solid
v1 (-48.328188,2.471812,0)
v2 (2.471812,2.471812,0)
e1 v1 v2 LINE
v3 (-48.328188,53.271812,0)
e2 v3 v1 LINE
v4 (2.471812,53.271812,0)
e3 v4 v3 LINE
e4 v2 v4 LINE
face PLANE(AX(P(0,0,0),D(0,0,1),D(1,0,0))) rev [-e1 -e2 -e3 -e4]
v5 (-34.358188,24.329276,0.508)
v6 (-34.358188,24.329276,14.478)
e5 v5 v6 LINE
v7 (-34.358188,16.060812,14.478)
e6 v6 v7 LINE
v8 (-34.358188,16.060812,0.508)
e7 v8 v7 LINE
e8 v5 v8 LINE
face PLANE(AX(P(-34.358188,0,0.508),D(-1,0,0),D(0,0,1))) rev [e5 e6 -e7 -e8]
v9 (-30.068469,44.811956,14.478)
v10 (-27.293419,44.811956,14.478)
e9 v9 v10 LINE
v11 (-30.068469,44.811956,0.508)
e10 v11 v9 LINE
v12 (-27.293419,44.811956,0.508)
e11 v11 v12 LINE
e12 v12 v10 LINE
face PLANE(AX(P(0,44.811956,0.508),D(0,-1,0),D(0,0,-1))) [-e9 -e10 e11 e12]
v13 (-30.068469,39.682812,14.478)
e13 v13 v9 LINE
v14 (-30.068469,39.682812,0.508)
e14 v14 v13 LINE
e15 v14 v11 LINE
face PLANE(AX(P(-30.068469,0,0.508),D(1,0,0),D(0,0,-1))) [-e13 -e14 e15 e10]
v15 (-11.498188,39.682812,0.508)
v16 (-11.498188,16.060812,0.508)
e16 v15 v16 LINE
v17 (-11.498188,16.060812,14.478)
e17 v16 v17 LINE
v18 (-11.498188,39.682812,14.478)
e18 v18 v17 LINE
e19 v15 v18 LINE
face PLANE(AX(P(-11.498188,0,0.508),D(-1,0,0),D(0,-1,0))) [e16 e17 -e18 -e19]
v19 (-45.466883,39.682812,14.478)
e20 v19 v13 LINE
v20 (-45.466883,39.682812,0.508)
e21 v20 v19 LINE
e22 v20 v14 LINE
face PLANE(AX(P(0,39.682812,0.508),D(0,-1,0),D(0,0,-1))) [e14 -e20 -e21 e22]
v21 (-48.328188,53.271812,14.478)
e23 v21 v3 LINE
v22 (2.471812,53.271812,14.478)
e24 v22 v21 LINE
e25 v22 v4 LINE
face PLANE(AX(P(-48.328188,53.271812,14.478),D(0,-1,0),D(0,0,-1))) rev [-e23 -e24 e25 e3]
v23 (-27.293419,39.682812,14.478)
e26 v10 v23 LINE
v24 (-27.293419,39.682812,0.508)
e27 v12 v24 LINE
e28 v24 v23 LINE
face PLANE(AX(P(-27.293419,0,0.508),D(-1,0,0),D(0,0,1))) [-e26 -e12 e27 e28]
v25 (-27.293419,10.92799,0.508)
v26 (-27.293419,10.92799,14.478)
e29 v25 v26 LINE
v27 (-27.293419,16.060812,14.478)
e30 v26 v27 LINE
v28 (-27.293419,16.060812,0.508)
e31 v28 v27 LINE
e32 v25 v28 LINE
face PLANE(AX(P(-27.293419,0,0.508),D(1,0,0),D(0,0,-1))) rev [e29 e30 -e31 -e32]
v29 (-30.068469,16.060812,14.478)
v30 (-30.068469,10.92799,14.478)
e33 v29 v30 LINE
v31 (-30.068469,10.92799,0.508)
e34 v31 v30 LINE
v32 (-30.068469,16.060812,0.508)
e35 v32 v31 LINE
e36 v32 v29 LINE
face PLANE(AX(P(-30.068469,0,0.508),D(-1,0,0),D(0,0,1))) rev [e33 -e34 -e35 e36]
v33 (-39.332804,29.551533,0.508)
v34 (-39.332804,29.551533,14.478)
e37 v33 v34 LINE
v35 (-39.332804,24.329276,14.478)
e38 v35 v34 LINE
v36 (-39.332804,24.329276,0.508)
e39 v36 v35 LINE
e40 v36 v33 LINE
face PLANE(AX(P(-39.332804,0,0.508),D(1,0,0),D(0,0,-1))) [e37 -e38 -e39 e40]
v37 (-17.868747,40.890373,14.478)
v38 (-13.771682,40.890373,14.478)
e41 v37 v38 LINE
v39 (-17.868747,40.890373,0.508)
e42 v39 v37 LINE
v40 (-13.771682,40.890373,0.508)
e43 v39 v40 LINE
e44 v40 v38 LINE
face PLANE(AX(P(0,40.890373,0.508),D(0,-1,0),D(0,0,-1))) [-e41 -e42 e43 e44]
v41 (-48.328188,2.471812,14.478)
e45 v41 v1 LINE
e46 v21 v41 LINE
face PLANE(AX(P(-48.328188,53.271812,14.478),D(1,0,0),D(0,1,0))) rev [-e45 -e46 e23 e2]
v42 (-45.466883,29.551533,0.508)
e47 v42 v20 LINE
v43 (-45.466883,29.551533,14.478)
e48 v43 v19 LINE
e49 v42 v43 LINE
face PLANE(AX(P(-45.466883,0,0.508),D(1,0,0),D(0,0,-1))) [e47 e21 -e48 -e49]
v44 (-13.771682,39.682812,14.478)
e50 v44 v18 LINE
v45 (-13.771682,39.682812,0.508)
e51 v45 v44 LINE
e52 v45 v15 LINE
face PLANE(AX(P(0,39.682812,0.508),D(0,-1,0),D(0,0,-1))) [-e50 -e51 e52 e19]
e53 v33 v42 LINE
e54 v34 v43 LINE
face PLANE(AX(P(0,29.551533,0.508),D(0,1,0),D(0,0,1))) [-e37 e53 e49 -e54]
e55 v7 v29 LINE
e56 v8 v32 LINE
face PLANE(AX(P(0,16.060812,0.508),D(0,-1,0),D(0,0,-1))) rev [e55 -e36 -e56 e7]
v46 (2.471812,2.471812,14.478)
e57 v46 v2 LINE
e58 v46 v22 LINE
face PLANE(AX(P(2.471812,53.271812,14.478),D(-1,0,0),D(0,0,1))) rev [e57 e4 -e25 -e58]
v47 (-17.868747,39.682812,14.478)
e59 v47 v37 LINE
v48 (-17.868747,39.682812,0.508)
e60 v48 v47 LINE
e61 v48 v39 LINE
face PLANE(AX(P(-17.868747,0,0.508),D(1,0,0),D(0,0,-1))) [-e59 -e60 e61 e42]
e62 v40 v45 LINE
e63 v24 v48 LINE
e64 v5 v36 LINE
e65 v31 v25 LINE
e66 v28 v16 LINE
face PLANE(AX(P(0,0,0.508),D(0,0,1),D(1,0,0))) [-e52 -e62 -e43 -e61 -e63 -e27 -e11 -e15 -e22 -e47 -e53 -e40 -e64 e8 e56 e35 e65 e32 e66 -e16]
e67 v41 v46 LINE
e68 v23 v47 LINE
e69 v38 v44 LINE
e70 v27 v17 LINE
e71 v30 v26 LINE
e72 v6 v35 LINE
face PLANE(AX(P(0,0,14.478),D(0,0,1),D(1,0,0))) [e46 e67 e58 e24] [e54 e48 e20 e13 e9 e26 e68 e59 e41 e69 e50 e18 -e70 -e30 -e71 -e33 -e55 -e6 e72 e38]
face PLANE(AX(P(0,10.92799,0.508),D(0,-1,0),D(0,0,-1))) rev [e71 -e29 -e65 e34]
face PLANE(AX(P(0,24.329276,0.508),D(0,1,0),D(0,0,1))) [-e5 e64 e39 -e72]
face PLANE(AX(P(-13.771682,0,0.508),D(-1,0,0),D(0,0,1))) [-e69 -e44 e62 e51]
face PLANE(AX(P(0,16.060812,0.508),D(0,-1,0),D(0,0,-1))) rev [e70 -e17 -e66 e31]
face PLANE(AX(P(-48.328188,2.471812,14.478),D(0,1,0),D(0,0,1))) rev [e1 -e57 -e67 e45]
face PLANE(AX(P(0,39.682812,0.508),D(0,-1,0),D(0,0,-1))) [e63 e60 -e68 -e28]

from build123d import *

# Parameters (mm, degrees)
SKETCH1_W           = 50.8
SKETCH1_H           = 50.8
BOSS_EXTRUDE1_DEPTH = 14.478
SKETCH3_W           = 6.134078845
SKETCH3_H           = 10.131279463
SKETCH3_W_2         = 4.974615739
SKETCH3_H_2         = 3.542535777
SKETCH3_W_3         = 2.775050154
SKETCH3_H_3         = 5.132822303
SKETCH3_H_4         = 5.129144124
SKETCH3_W_4         = 11.43
SKETCH3_H_5         = 11.811
SKETCH3_W_5         = 4.097064437
SKETCH3_H_6         = 1.20756089
CUT_EXTRUDE1_DEPTH  = 13.97


with BuildPart() as part:
    # Sketch1 → Boss-Extrude1 (new body)
    with BuildSketch(Plane.XY):
        with Locations((-22.928187919, 27.871812081)):
            Rectangle(SKETCH1_W, SKETCH1_H)
    extrude(amount=BOSS_EXTRUDE1_DEPTH)

    # Sketch3 → Cut-Extrude1 (cut)
    with BuildSketch(Plane.XY.offset(14.478)):
        with Locations((-42.399843081, 34.61717235)):
            Rectangle(SKETCH3_W, SKETCH3_H)
        Polygon((-39.332803658, 27.871812081), (-34.358187919, 27.871812081), (-34.358187919, 39.682812081), (-39.332803658, 39.682812081), (-39.332803658, 29.551532618), align=None)
        Polygon((-22.928187919, 27.871812081), (-22.928187919, 39.682812081), (-27.293419188, 39.682812081), (-30.068469342, 39.682812081), (-34.358187919, 39.682812081), (-34.358187919, 27.871812081), align=None)
        Polygon((-17.868746746, 39.682812081), (-22.928187919, 39.682812081), (-22.928187919, 27.871812081), (-11.498187919, 27.871812081), (-11.498187919, 39.682812081), (-13.771682309, 39.682812081), align=None)
        Polygon((-22.928187919, 16.060812081), (-22.928187919, 27.871812081), (-34.358187919, 27.871812081), (-34.358187919, 24.329276304), (-34.358187919, 16.060812081), (-30.068469342, 16.060812081), (-27.293419188, 16.060812081), align=None)
        with Locations((-36.845495789, 26.100544193)):
            Rectangle(SKETCH3_W_2, SKETCH3_H_2)
        with Locations((-28.680944265, 13.49440093)):
            Rectangle(SKETCH3_W_3, SKETCH3_H_3)
        with Locations((-28.680944265, 42.247384143)):
            Rectangle(SKETCH3_W_3, SKETCH3_H_4)
        with Locations((-17.213187919, 21.966312081)):
            Rectangle(SKETCH3_W_4, SKETCH3_H_5)
        with Locations((-15.820214527, 40.286592526)):
            Rectangle(SKETCH3_W_5, SKETCH3_H_6)
    extrude(amount=-CUT_EXTRUDE1_DEPTH, mode=Mode.SUBTRACT)


solid = part.part
